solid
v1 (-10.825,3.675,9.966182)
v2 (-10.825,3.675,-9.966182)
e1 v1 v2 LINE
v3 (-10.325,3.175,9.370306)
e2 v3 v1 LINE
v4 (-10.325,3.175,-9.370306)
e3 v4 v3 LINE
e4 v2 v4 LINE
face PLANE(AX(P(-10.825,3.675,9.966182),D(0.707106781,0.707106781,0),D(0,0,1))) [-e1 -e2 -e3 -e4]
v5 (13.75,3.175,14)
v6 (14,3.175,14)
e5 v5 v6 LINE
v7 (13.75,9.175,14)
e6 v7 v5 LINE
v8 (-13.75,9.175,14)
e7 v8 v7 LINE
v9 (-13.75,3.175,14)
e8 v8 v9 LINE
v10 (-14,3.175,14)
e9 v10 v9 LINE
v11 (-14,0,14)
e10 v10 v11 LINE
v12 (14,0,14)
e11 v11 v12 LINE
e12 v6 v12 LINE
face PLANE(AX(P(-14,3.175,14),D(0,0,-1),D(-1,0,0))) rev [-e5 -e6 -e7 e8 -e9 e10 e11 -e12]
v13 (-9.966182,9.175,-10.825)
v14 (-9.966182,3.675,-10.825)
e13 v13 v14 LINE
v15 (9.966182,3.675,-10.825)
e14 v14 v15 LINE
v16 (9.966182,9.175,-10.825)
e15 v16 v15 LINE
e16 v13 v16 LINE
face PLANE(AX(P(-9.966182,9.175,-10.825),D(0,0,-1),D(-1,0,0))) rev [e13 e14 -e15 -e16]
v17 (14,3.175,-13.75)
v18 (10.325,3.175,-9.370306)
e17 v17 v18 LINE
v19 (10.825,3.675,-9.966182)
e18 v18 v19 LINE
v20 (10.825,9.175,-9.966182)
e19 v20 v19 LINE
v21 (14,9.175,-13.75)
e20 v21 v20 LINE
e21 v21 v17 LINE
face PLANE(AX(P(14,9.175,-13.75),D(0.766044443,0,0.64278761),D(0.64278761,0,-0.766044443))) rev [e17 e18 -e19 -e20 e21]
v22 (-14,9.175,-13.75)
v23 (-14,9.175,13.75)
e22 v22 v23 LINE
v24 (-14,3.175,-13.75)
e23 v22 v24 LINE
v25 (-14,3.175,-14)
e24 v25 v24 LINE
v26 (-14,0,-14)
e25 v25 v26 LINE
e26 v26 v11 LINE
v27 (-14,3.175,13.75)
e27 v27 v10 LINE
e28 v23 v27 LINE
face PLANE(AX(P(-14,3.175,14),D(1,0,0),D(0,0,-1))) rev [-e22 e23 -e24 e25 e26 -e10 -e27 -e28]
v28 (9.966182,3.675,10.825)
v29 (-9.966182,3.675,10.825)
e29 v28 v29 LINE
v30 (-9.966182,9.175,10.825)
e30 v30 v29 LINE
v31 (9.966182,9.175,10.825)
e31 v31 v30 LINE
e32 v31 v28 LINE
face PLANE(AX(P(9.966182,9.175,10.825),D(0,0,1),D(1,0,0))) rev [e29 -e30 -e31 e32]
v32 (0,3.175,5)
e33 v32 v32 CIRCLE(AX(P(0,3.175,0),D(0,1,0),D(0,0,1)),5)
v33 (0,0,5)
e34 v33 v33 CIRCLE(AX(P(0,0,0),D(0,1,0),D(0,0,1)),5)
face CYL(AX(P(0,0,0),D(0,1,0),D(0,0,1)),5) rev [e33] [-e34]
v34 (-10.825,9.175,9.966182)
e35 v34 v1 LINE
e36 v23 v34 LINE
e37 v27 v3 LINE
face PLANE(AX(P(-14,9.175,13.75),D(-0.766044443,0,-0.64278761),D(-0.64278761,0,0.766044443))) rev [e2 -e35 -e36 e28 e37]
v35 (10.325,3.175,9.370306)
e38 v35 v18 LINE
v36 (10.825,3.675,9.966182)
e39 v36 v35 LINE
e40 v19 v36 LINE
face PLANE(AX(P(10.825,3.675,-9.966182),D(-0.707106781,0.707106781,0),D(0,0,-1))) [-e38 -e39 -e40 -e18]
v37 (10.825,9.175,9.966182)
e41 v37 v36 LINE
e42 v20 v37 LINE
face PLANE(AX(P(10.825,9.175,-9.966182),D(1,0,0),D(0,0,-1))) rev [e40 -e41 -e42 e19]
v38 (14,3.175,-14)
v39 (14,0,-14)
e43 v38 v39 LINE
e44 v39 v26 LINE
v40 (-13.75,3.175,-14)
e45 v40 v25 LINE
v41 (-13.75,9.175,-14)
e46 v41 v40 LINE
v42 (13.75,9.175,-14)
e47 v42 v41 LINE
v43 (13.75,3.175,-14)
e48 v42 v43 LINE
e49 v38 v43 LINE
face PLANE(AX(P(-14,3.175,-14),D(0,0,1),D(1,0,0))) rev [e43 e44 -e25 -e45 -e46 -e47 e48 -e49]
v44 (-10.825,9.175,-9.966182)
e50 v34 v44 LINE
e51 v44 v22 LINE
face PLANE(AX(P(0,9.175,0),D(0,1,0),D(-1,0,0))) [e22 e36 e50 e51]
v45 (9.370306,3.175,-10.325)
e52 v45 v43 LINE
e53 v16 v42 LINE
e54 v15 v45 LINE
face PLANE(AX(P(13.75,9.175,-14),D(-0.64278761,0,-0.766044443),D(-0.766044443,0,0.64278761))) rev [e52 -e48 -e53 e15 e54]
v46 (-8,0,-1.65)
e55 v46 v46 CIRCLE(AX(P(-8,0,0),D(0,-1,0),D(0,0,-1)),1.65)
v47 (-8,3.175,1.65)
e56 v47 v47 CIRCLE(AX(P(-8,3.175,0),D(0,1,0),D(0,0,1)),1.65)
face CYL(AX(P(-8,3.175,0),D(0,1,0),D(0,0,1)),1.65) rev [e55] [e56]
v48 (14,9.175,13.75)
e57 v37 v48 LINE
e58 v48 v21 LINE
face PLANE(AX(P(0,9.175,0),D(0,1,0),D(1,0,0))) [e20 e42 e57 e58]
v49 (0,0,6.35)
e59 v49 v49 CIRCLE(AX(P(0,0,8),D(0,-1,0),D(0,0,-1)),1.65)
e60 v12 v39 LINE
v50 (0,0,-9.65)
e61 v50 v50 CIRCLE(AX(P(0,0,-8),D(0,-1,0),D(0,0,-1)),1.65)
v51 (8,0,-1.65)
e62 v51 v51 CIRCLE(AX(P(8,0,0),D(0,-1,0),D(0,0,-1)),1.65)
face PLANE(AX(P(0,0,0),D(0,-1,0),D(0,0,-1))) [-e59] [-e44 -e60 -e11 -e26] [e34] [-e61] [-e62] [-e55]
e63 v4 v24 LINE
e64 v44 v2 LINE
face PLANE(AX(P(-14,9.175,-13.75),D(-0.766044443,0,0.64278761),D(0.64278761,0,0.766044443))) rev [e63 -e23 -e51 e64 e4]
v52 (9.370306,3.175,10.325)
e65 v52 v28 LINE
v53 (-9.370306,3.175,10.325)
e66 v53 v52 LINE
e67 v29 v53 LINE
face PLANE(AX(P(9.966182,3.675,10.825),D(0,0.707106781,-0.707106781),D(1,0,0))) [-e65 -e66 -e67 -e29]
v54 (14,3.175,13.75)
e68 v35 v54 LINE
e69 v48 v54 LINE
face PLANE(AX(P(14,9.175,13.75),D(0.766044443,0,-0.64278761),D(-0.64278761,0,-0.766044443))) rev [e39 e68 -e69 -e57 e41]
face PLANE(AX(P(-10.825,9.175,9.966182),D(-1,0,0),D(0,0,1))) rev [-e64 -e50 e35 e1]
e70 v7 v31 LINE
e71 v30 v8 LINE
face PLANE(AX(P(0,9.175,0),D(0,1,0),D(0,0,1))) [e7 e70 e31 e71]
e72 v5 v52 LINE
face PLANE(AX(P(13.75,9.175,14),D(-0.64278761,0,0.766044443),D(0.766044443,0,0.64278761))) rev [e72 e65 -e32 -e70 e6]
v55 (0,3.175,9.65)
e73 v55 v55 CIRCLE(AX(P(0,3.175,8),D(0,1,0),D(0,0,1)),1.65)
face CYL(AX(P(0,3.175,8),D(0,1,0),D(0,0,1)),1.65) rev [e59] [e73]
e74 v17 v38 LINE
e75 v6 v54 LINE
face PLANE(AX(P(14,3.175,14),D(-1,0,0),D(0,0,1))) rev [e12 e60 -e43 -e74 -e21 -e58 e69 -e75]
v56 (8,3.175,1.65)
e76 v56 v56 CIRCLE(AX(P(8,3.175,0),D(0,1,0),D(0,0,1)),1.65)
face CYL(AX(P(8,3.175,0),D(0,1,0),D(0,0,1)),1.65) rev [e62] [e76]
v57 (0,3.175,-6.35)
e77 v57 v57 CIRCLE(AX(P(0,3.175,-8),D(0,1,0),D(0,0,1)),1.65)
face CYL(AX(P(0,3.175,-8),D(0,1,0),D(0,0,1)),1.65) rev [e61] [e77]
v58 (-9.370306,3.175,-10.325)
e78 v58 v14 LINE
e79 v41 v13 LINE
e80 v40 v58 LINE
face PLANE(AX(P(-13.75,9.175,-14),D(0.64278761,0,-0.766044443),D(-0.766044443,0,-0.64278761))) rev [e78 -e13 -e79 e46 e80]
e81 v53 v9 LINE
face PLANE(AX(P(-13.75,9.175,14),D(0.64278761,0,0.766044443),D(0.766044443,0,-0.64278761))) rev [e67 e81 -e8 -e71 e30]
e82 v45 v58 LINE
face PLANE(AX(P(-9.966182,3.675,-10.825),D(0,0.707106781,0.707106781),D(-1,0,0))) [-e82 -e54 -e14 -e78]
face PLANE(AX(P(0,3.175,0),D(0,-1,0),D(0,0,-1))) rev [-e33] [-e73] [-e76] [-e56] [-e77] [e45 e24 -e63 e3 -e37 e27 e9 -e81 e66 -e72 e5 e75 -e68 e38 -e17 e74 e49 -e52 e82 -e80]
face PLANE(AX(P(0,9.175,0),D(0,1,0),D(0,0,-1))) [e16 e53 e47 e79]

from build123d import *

# Parameters (mm, degrees)
SKETCH1_W                 = 28
SKETCH1_H                 = 28
BOSS_EXTRUDE1_DEPTH       = 3.175
SKETCH2_R                 = 5
CUT_EXTRUDE1_DEPTH        = 21.05194816
F_3_0MM_DOWEL_HOLE1_D     = 3.3
F_3_0MM_DOWEL_HOLE1_DEPTH = 15
F_3_0MM_DOWEL_HOLE1_TIP   = 0.991420021
BOSS_EXTRUDE3_DEPTH       = 6
CIRPATTERN2_COUNT         = 4
CHAMFER2_SIZE             = 0.5


with BuildPart() as part:
    # Sketch1 → Boss-Extrude1 (new body)
    with BuildSketch(Plane(origin=(0, 0, 0), x_dir=(1, 0, 0), z_dir=(0, 1, 0))):
        Rectangle(SKETCH1_W, SKETCH1_H)
    extrude(amount=BOSS_EXTRUDE1_DEPTH)

    # Sketch2 → Cut-Extrude1 (cut, through all)
    with BuildSketch(Plane(origin=(0, 3.175, 0), x_dir=(1, 0, 0), z_dir=(0, 1, 0))):
        with Locations(Location((0, 0, 0), (0, 0, 270))):
            Circle(SKETCH2_R)
    extrude(amount=-CUT_EXTRUDE1_DEPTH, mode=Mode.SUBTRACT)

    # Ø3.0mm Dowel Hole1
    with Locations(Plane(origin=(0, 3.175, 0), x_dir=(1, 0, 0), z_dir=(0, 1, 0))):
        with Locations((8, 0), (0, -8), (-8, 0), (0, 8)):
            Hole(F_3_0MM_DOWEL_HOLE1_D / 2, depth=F_3_0MM_DOWEL_HOLE1_DEPTH)
            with Locations((0, 0, -(F_3_0MM_DOWEL_HOLE1_DEPTH + F_3_0MM_DOWEL_HOLE1_TIP / 2))):  # 118° drill point
                Cone(0, F_3_0MM_DOWEL_HOLE1_D / 2, F_3_0MM_DOWEL_HOLE1_TIP, mode=Mode.SUBTRACT)

    # Sketch7 → Boss-Extrude3 (add)
    with BuildSketch(Plane(origin=(0, 3.175, 0), x_dir=(1, 0, 0), z_dir=(0, 1, 0))):
        Polygon((-13.75, -14), (13.75, -14), (9.966182344, -10.825), (-9.966182344, -10.825), align=None)
    boss_extrude3 = extrude(amount=BOSS_EXTRUDE3_DEPTH)

    # CirPattern2: Boss-Extrude3 ×4 about axis
    cirpattern2_axis = Axis((0, 0, 0), (0, 1, 0))
    for i in range(1, CIRPATTERN2_COUNT):
        add(boss_extrude3.rotate(cirpattern2_axis, i * 360 / CIRPATTERN2_COUNT))

    # Chamfer2
    chamfer2_edges = [part.edges().sort_by_distance(p)[0] for p in [
        (0, 3.175, 10.825),
        (10.825, 3.175, 0),
        (0, 3.175, -10.825),
        (-10.825, 3.175, 0),
    ]]
    chamfer(chamfer2_edges, length=CHAMFER2_SIZE)


solid = part.part
